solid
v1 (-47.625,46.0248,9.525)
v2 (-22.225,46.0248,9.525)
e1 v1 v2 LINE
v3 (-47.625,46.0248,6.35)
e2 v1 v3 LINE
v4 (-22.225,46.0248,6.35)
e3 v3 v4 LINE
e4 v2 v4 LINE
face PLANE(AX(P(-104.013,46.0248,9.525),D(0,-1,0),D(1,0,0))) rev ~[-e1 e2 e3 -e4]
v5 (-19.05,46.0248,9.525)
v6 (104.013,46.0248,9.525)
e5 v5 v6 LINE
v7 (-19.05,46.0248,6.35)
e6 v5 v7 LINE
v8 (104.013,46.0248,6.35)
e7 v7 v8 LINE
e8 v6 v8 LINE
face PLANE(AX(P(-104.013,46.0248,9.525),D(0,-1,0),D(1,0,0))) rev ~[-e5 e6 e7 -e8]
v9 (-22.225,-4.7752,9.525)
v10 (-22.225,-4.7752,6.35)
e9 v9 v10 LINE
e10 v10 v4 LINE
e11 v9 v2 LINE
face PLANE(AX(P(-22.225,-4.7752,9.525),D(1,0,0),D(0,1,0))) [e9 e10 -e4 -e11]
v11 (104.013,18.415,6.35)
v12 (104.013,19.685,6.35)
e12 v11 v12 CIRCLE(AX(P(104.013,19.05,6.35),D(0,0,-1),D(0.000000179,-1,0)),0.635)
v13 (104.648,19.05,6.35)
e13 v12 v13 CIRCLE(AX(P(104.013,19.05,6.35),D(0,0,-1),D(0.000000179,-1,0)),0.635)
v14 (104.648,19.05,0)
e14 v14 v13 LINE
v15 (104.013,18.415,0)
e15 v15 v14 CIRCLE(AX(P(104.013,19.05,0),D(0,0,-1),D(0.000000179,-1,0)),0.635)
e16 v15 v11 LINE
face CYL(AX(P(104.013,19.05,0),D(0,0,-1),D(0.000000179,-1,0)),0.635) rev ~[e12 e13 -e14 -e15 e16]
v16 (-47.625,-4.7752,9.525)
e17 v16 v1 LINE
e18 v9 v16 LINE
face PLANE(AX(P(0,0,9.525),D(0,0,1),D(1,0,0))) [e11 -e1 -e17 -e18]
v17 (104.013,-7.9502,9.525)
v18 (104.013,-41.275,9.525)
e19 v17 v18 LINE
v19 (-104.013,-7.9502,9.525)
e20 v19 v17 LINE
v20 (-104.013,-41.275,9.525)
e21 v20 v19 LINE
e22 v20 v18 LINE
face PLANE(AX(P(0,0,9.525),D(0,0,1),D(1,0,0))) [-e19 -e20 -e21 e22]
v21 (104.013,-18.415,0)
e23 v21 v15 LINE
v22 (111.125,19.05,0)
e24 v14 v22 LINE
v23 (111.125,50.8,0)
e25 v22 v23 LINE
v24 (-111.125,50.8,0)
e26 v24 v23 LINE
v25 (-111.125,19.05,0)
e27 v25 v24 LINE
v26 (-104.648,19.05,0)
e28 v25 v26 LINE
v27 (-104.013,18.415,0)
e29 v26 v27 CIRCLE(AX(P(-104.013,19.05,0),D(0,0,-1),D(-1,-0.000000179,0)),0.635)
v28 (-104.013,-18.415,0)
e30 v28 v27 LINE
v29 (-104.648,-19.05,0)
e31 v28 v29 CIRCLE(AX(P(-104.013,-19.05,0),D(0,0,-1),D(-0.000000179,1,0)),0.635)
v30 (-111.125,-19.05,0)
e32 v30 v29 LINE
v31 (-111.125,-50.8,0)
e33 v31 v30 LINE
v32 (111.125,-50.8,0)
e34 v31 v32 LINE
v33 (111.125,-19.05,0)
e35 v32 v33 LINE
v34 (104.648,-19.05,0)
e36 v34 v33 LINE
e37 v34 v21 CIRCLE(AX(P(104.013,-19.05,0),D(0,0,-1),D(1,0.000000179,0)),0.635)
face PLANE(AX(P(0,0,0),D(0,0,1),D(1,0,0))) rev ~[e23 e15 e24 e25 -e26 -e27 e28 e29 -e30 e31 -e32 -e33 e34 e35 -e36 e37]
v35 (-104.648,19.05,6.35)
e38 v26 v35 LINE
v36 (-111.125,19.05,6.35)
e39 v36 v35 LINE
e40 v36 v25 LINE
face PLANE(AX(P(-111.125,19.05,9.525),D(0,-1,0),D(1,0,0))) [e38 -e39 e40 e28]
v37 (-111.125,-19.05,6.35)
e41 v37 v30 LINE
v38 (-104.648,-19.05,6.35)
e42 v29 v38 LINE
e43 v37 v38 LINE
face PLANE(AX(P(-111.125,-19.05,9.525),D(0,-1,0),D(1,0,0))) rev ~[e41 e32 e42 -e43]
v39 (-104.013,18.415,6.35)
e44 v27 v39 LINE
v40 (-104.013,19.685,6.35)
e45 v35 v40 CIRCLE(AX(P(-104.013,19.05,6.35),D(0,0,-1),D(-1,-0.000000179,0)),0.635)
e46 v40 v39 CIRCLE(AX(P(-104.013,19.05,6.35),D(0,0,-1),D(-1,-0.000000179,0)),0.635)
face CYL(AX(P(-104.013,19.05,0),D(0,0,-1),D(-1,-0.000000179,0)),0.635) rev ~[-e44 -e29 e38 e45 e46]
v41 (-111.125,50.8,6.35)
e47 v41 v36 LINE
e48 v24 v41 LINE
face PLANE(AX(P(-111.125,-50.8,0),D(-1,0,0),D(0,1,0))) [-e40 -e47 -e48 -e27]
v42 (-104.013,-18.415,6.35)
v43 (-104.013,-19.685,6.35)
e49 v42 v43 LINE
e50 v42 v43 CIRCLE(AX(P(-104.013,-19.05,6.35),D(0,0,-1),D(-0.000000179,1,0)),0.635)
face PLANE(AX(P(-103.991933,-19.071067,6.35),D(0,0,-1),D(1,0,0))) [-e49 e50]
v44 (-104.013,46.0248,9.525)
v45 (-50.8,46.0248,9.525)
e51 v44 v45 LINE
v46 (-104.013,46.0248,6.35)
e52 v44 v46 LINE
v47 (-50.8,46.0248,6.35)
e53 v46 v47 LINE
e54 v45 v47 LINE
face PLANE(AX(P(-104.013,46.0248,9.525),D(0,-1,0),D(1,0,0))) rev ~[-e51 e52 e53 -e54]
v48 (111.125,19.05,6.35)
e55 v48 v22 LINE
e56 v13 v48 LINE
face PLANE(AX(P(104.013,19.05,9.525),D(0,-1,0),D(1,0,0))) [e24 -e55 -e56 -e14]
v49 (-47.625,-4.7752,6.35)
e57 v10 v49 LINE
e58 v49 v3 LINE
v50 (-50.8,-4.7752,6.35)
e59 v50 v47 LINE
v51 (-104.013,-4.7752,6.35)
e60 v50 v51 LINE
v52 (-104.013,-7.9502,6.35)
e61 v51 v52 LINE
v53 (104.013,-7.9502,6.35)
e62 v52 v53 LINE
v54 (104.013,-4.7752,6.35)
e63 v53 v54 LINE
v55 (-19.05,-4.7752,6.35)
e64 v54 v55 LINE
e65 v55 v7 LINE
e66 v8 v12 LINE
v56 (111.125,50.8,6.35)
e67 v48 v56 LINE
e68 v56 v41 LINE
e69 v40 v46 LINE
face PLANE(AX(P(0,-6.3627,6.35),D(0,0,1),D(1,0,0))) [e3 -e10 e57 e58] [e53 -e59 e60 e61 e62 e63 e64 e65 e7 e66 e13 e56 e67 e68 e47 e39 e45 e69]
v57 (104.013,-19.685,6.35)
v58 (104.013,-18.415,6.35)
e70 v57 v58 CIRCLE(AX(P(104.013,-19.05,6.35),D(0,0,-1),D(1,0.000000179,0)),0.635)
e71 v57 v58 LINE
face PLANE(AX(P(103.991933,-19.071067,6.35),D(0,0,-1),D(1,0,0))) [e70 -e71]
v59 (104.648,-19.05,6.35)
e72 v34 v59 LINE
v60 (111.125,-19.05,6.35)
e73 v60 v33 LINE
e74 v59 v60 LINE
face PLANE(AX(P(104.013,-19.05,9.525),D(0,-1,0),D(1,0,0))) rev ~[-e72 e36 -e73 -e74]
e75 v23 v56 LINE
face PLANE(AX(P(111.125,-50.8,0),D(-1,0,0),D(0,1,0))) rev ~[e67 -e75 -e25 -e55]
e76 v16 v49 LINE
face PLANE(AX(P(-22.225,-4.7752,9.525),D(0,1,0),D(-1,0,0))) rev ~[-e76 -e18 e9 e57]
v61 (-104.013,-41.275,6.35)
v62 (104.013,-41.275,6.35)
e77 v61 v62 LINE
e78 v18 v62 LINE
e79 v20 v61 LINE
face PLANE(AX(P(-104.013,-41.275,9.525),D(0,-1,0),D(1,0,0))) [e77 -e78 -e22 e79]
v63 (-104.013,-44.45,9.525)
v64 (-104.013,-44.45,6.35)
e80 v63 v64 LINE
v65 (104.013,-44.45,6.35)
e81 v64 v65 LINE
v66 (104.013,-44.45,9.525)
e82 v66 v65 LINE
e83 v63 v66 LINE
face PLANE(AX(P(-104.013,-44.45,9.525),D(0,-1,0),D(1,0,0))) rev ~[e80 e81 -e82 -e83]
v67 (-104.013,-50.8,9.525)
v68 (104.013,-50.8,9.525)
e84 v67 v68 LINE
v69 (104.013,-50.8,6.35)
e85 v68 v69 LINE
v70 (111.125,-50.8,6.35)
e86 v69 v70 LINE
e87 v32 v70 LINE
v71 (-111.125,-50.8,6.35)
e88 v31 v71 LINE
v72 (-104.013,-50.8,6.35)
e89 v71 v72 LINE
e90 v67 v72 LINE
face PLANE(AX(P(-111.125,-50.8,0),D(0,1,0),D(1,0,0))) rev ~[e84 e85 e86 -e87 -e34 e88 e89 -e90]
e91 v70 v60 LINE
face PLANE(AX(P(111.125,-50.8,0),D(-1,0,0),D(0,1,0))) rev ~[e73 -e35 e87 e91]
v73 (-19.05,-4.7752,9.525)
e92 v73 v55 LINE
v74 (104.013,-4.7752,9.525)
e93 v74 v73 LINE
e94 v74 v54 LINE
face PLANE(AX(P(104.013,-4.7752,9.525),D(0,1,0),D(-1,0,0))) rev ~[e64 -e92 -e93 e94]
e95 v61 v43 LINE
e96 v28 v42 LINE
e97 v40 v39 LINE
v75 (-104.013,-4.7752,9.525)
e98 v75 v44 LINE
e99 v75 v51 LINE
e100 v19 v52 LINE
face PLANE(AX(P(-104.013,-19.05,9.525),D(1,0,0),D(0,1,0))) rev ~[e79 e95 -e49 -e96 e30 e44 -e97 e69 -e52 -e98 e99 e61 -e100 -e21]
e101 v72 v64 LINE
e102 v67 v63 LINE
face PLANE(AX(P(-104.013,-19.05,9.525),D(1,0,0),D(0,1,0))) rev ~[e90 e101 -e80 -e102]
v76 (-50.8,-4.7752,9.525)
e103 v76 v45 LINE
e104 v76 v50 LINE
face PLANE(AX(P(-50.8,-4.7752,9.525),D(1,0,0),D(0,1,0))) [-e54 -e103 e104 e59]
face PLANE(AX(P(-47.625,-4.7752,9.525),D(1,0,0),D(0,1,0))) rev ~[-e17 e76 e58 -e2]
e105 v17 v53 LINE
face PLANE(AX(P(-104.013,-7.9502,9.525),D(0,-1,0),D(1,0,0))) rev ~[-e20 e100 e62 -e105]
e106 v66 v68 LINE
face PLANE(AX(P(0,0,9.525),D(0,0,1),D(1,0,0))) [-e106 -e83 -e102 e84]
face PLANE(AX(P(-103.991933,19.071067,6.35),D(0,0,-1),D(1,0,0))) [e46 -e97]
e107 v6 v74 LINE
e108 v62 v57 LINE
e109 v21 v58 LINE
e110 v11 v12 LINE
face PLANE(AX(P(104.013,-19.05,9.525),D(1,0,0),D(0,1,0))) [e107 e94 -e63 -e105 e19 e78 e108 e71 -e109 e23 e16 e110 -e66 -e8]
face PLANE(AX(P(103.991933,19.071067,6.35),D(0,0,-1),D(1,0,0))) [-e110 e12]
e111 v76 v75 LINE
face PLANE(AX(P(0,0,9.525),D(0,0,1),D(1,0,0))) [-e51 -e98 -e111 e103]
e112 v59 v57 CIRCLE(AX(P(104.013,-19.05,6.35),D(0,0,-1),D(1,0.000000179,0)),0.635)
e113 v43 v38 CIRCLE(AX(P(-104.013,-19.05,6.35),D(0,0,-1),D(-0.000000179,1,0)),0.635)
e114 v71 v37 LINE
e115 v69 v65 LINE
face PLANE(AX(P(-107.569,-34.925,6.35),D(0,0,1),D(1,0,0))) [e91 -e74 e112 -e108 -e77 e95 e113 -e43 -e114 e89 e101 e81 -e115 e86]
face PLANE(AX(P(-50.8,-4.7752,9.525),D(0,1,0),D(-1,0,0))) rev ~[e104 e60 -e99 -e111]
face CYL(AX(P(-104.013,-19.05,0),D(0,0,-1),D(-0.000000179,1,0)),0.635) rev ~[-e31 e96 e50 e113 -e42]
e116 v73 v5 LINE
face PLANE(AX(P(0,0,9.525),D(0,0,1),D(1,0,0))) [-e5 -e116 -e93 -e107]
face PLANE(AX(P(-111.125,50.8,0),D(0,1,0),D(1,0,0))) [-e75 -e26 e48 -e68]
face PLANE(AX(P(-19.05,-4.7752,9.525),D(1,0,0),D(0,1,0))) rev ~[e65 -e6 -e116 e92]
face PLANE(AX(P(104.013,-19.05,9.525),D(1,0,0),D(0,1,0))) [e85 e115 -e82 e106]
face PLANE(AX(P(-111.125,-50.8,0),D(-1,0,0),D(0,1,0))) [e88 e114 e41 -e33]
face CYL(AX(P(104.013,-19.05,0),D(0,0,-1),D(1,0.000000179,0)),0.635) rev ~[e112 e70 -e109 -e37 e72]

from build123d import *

# Parameters (mm, degrees)
F0_W     = 222.25
F0_H     = 101.6
F1_DEPTH = 9.525
F2_W     = 7.112
F2_H     = 38.1
F3_DEPTH = 9.526
F4_W     = 7.112
F4_H     = 31.75
F5_DEPTH = 3.175
F6_W     = 208.026
F6_H     = 3.175
F6_W_2   = 3.175
F6_H_2   = 50.8
F7_DEPTH = 3.175
F9_DEPTH = 6.35


with BuildPart() as f1:
    # F0 (on Top) → F1 (new body)
    with BuildSketch(Plane.XY):
        Rectangle(F0_W, F0_H)
    extrude(amount=F1_DEPTH)

    # F2 (on face) → F3 (cut, through all)
    with BuildSketch(Plane.XY.offset(9.525)):
        with Locations((-107.569, 0)):
            Rectangle(F2_W, F2_H)
        with Locations((107.569, 0)):
            Rectangle(F2_W, F2_H)
    extrude(amount=-F3_DEPTH, mode=Mode.SUBTRACT)

    # F4 (on face) → F5 (cut)
    with BuildSketch(Plane.XY.offset(9.525)):
        Polygon((-111.125, 19.05), (-104.013, 19.05), (-104.013, 46.0248), (104.013, 46.0248), (104.013, 19.05), (111.125, 19.05), (111.125, 50.8), (-111.125, 50.8), align=None)
        with Locations((-107.569, -34.925)):
            Rectangle(F4_W, F4_H)
        with Locations((107.569, -34.925)):
            Rectangle(F4_W, F4_H)
    extrude(amount=-F5_DEPTH, mode=Mode.SUBTRACT)

    # F6 (on face) → F7 (cut)
    with BuildSketch(Plane.XY.offset(9.525)):
        with Locations((0, -42.8625)):
            Rectangle(F6_W, F6_H)
        Polygon((-50.8, -4.7752), (-104.013, -4.7752), (-104.013, -7.9502), (104.013, -7.9502), (104.013, -4.7752), (-19.05, -4.7752), (-22.225, -4.7752), (-47.625, -4.7752), align=None)
        with Locations((-49.2125, 20.6248)):
            Rectangle(F6_W_2, F6_H_2)
        with Locations((-20.6375, 20.6248)):
            Rectangle(F6_W_2, F6_H_2)
    extrude(amount=-F7_DEPTH, mode=Mode.SUBTRACT)

    # F8 (on face) → F9 (cut, through all)
    with BuildSketch(Plane(origin=(0, 0, 0), x_dir=(1, 0, 0), z_dir=(0, 0, -1))):
        with BuildLine():
            Line((104.013, -19.05), (104.013, -18.415))
            ThreePointArc((104.013, -18.415), (103.563987, -19.499013), (104.648, -19.05))
            Line((104.648, -19.05), (104.013, -19.05))
        make_face()
        with BuildLine():
            ThreePointArc((104.648, 19.05), (103.563987, 19.499013), (104.013, 18.415))
            Line((104.013, 18.415), (104.013, 19.05))
            Line((104.013, 19.05), (104.648, 19.05))
        make_face()
        with BuildLine():
            Line((-104.013, 19.05), (-104.013, 18.415))
            ThreePointArc((-104.013, 18.415), (-103.563987, 19.499013), (-104.648, 19.05))
            Line((-104.648, 19.05), (-104.013, 19.05))
        make_face()
        with BuildLine():
            ThreePointArc((-104.648, -19.05), (-103.563987, -19.499013), (-104.013, -18.415))
            Line((-104.013, -18.415), (-104.013, -19.05))
            Line((-104.013, -19.05), (-104.648, -19.05))
        make_face()
    extrude(amount=-F9_DEPTH, mode=Mode.SUBTRACT)


solid = f1.part
